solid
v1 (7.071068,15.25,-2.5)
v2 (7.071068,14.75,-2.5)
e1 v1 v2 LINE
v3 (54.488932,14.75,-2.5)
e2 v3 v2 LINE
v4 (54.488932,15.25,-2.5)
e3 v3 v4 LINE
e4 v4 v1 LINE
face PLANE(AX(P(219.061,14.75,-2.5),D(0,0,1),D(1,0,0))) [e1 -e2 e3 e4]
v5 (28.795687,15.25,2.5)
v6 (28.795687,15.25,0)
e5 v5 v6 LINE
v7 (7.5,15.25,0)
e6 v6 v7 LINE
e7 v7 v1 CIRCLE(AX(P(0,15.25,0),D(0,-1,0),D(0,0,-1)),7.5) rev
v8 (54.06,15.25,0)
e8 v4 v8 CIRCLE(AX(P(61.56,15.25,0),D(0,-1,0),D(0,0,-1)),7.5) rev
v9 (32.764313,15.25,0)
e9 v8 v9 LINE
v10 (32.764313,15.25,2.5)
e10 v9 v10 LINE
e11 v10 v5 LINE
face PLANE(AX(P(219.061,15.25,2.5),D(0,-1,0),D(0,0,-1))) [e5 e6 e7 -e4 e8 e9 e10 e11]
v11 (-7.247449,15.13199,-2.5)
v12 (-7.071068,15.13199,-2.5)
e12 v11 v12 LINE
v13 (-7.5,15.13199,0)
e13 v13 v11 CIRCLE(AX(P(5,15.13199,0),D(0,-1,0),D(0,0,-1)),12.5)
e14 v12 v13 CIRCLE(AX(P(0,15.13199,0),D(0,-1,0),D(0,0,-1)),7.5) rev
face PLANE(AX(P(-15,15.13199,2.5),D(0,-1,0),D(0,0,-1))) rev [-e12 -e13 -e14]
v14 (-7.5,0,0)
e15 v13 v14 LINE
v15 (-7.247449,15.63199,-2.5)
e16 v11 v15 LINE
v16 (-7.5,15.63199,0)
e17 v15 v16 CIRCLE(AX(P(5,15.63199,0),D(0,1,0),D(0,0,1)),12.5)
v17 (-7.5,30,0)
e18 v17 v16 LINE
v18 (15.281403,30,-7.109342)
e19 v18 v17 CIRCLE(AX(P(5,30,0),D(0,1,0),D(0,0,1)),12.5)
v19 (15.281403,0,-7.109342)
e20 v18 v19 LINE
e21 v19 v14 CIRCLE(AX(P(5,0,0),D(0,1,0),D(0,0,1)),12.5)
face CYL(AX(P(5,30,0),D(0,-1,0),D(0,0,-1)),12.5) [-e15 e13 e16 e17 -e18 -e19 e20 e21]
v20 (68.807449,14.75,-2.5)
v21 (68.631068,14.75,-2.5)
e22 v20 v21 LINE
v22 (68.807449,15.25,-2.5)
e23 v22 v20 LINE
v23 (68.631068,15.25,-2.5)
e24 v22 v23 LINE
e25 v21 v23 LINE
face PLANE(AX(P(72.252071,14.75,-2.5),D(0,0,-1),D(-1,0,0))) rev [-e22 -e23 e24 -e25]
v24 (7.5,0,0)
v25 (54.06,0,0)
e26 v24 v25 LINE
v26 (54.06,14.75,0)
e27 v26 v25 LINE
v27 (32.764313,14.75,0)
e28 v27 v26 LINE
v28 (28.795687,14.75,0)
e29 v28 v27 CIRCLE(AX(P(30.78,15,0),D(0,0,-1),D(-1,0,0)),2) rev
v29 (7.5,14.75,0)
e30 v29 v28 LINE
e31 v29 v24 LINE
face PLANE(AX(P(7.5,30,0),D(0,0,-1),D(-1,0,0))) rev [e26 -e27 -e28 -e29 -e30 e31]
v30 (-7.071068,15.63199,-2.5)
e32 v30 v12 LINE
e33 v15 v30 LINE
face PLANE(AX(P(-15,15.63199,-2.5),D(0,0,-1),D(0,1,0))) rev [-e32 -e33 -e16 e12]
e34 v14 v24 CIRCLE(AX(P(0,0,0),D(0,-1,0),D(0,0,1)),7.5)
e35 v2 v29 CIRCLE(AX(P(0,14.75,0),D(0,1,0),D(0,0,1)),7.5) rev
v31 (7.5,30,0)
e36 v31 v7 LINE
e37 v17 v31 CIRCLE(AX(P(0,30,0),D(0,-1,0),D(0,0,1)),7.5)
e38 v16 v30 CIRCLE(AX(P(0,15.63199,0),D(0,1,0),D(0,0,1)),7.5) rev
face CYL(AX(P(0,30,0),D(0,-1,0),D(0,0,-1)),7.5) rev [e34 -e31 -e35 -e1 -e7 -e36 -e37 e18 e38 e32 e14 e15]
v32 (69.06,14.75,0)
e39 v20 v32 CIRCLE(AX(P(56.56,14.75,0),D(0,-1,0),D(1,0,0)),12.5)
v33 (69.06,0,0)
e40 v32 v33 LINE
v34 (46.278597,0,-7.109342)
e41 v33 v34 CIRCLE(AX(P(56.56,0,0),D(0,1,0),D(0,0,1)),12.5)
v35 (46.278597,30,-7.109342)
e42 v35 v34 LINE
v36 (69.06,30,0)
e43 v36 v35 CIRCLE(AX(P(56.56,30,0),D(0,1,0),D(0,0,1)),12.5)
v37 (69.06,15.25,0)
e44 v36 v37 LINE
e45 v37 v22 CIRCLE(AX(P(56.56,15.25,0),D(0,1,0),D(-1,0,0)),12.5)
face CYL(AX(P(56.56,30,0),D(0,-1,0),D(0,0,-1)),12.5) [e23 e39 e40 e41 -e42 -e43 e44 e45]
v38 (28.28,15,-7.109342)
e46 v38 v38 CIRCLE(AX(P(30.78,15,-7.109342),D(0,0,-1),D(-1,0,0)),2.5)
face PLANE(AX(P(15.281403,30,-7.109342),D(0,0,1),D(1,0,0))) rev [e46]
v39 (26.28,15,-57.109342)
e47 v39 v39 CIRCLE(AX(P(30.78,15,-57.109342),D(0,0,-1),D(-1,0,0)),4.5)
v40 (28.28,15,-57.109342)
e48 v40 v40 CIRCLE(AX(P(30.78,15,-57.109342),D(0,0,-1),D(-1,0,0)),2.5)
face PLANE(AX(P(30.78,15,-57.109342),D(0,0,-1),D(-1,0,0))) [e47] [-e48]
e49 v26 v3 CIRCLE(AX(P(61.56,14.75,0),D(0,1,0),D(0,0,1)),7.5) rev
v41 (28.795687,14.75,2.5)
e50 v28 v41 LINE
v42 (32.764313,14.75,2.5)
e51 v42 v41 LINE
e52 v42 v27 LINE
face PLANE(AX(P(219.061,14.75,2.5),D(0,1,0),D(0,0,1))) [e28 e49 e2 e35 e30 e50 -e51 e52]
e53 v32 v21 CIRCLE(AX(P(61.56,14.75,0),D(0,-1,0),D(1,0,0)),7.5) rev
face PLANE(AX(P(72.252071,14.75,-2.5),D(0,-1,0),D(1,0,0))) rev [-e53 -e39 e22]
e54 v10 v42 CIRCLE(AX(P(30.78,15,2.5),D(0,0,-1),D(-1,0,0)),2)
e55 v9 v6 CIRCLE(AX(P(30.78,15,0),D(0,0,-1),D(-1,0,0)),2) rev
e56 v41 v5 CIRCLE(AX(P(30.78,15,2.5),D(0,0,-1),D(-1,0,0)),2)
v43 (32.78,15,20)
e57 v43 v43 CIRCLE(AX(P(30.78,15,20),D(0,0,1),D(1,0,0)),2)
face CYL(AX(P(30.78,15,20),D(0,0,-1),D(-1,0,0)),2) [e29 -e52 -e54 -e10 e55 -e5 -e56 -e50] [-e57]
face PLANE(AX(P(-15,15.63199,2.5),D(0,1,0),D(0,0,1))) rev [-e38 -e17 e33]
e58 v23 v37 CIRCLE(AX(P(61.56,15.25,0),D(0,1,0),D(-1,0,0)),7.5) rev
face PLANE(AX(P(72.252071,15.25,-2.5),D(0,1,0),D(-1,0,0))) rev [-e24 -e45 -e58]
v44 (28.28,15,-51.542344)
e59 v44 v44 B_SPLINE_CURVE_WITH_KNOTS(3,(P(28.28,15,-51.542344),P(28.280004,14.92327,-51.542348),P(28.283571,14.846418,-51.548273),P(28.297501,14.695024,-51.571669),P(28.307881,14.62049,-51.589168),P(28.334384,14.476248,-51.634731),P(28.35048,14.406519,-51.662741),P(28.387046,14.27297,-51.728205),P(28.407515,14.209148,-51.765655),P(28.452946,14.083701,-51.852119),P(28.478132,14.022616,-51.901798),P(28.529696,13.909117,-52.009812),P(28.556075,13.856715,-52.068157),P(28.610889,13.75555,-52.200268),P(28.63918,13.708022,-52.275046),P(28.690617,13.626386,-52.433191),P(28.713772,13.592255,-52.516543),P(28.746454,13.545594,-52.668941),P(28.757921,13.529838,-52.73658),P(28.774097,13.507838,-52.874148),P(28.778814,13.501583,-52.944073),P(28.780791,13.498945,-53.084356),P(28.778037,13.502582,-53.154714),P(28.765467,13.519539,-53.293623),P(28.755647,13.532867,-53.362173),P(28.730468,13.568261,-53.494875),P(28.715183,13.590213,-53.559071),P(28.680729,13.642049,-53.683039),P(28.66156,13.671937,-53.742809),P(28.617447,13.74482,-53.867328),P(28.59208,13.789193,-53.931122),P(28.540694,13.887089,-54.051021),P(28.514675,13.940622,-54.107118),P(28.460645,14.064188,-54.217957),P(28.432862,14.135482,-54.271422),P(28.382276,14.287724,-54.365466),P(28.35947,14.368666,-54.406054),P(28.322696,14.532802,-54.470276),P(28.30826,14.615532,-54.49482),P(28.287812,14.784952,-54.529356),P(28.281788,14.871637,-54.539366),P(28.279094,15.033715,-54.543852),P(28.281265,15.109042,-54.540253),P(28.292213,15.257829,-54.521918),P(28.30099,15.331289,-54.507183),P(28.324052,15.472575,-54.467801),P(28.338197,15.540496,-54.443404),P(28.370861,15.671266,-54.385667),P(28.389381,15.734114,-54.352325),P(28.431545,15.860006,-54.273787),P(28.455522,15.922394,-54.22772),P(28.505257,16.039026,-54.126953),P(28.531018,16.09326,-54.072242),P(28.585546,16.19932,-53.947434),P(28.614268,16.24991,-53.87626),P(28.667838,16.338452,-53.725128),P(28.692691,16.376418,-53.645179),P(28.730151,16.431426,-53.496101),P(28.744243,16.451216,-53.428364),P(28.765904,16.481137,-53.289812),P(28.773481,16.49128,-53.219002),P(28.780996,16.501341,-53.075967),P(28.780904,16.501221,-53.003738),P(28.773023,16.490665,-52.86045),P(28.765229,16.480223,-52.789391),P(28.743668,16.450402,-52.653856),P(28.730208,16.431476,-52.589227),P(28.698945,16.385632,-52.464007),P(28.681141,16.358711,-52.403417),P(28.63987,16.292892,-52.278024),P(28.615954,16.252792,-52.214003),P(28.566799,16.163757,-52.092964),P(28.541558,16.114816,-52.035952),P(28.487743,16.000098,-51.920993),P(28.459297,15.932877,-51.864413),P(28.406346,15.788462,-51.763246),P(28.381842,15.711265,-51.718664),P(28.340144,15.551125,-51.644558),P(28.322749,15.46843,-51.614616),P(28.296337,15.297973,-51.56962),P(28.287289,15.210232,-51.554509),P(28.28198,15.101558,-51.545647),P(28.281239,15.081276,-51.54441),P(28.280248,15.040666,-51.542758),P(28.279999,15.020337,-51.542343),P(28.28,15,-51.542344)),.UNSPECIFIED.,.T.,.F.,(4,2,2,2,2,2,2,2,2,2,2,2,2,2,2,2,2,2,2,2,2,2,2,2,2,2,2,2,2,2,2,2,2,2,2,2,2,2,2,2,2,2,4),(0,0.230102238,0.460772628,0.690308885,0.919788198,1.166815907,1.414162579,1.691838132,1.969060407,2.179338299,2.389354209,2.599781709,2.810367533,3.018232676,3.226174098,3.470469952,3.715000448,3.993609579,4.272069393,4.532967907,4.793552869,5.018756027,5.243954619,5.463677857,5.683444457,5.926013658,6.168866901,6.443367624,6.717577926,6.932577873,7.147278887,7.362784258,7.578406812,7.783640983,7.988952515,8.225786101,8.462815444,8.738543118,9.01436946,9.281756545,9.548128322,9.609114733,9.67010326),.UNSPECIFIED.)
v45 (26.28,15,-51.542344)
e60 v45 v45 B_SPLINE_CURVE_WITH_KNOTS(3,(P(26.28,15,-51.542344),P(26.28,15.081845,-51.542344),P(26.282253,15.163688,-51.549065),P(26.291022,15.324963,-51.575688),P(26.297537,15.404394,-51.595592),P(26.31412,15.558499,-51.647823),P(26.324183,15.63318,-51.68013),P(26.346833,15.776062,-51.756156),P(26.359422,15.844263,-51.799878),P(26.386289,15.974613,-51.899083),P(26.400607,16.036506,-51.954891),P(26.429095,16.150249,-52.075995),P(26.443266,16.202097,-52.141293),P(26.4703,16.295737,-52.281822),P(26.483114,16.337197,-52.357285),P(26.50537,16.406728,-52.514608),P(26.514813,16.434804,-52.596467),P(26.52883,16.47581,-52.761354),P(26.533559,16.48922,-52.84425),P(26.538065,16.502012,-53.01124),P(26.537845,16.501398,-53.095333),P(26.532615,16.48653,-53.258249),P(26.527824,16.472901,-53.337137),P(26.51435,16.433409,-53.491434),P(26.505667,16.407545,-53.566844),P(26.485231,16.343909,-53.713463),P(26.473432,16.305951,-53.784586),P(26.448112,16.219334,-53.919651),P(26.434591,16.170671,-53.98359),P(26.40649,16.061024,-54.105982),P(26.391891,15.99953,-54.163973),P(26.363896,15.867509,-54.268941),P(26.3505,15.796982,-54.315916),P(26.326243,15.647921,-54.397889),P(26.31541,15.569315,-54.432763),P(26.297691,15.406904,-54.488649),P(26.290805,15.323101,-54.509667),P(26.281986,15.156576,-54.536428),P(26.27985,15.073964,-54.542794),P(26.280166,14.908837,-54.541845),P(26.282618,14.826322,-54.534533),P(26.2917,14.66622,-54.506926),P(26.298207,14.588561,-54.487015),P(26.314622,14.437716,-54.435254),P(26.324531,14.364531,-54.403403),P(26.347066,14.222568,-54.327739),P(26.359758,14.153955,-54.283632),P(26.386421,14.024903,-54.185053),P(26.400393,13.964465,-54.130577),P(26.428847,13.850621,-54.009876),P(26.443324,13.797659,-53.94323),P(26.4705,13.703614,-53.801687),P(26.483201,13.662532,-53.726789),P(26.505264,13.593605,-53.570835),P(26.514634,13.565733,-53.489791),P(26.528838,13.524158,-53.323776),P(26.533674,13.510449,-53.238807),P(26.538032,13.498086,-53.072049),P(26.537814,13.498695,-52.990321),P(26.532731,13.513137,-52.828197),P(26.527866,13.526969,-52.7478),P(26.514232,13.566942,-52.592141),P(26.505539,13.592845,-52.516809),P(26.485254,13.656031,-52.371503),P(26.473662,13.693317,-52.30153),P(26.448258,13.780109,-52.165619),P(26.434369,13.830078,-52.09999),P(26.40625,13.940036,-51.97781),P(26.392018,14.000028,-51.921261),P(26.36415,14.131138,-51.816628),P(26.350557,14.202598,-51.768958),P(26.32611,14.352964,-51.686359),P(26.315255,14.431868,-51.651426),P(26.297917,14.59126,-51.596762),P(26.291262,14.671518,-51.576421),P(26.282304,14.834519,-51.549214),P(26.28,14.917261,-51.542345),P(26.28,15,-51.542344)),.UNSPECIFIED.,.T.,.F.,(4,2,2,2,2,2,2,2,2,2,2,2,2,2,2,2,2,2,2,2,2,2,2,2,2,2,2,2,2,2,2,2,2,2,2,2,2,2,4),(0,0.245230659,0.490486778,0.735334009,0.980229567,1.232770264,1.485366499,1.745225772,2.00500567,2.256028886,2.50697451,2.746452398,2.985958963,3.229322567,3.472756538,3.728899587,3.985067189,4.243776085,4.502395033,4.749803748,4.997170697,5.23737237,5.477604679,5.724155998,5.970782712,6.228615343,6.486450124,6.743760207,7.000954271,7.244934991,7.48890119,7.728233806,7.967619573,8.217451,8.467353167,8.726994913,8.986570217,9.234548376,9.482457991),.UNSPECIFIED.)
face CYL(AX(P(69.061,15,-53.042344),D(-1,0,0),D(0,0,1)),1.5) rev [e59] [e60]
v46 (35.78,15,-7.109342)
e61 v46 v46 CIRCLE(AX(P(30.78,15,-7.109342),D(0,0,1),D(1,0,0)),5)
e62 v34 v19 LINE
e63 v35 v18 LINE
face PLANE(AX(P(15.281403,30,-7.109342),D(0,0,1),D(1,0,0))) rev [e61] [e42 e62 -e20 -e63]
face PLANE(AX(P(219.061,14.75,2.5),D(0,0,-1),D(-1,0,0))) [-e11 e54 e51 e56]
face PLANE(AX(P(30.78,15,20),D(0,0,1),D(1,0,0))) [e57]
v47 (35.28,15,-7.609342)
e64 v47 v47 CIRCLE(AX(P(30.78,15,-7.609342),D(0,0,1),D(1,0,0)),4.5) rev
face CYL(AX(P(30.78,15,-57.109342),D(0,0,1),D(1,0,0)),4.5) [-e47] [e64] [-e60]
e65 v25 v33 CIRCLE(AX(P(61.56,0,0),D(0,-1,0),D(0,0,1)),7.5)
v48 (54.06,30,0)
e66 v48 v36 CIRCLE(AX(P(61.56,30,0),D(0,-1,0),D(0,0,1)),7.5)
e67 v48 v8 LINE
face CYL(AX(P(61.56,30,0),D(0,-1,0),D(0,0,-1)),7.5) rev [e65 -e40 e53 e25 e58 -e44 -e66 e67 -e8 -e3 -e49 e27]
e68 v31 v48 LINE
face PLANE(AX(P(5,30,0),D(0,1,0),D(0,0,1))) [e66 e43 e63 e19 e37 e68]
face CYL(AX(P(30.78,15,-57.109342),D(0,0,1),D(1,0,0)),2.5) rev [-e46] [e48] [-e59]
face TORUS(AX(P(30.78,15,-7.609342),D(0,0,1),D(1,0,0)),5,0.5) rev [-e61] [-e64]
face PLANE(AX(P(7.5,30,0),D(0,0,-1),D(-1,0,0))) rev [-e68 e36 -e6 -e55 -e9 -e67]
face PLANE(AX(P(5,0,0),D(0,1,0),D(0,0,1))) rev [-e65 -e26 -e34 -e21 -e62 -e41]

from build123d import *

# Parameters (mm, degrees)
BOSS_EXTRUDE1_DEPTH      = 30
SKETCH3_R                = 4.5
SKETCH3_R_2              = 2.5
BOSS_EXTRUDE3_DEPTH      = 50
CUT_EXTRUDE2_REACH       = 71.06
SKETCH7_R                = 1.5
SKETCH8_R                = 2
BOSS_EXTRUDE6_DEPTH      = 20
SKETCH9_W                = 5
SKETCH9_H                = 0.5
CUT_EXTRUDE14_DEPTH      = 15
SKETCH11_W               = 5
SKETCH11_H               = 0.5
CUT_EXTRUDE16_DEPTH      = 1
CUT_EXTRUDE16_DEPTH_BACK = 4
FILLET1_R                = 0.5
SKETCH10_W               = 5
SKETCH10_H               = 0.5
CUT_EXTRUDE15_DEPTH      = 107.779594


with BuildPart() as part:
    # Sketch1 → Boss-Extrude1 (new body)
    with BuildSketch(Plane(origin=(0, 0, 0), x_dir=(1, 0, 0), z_dir=(0, 1, 0))):
        with BuildLine():
            Line((15.281403332, 7.10934213), (46.278596668, 7.10934213))
            ThreePointArc((46.278596668, 7.10934213), (60.283738602, 11.932467089), (69.06, 0))
            ThreePointArc((69.06, 0), (61.56, 7.5), (54.06, 0))
            Line((54.06, 0), (7.5, 0))
            ThreePointArc((7.5, 0), (0, 7.5), (-7.5, 0))
            ThreePointArc((-7.5, 0), (1.276261398, 11.932467089), (15.281403332, 7.10934213))
        make_face()
    extrude(amount=BOSS_EXTRUDE1_DEPTH)

    # Sketch3 → Boss-Extrude3 (add)
    with BuildSketch(Plane(origin=(0, 0, -7.10934213), x_dir=(-1, 0, 0), z_dir=(0, 0, -1))):
        with Locations((-30.78, 15)):
            Circle(SKETCH3_R)
        with Locations((-30.78, 15)):
            Circle(SKETCH3_R_2, mode=Mode.SUBTRACT)
    extrude(amount=BOSS_EXTRUDE3_DEPTH)

    # Sketch7 → Cut-Extrude2 (cut, up to next)
    with BuildSketch(Plane(origin=(0, 0, 0), x_dir=(0, 0, -1), z_dir=(1, 0, 0)), mode=Mode.PRIVATE) as cut_extrude2_sk1:
        with Locations((53.042344304, 15)):
            Circle(SKETCH7_R)
    cut_extrude2_tool1 = extrude(cut_extrude2_sk1.sketch, amount=CUT_EXTRUDE2_REACH, mode=Mode.PRIVATE) & part.part
    add(cut_extrude2_tool1.solids().sort_by_distance((0, 15, -53.042344))[0], mode=Mode.SUBTRACT)

    # Sketch8 → Boss-Extrude6 (add)
    with BuildSketch(Plane.XY):
        with Locations((30.78, 15)):
            Circle(SKETCH8_R)
    extrude(amount=BOSS_EXTRUDE6_DEPTH)

    # Sketch9 → Cut-Extrude14 (cut)
    with BuildSketch(Plane(origin=(0, 0, 0), x_dir=(0, 0, -1), z_dir=(1, 0, 0))):
        with Locations((0, 15.381990369)):
            Rectangle(SKETCH9_W, SKETCH9_H)
    extrude(amount=-CUT_EXTRUDE14_DEPTH, mode=Mode.SUBTRACT)

    # Sketch11 → Cut-Extrude16 (cut, two sides)
    with BuildSketch(Plane(origin=(68.252070678, 0, 0), x_dir=(0, 0, -1), z_dir=(-1, 0, 0))) as cut_extrude16_sk:
        with Locations((0, -15)):
            Rectangle(SKETCH11_W, SKETCH11_H)
    extrude(amount=CUT_EXTRUDE16_DEPTH, mode=Mode.SUBTRACT)
    extrude(cut_extrude16_sk.sketch, amount=-CUT_EXTRUDE16_DEPTH_BACK, mode=Mode.SUBTRACT)

    # Fillet1
    fillet1_edges = [part.edges().sort_by_distance(p)[0] for p in [
        (35.28, 15, -7.10934213),
    ]]
    fillet(fillet1_edges, radius=FILLET1_R)

    # Sketch10 → Cut-Extrude15 (cut)
    with BuildSketch(Plane(origin=(0, 0, 0), x_dir=(0, 0, -1), z_dir=(1, 0, 0))):
        with Locations((0, 15)):
            Rectangle(SKETCH10_W, SKETCH10_H)
    extrude(amount=CUT_EXTRUDE15_DEPTH, mode=Mode.SUBTRACT)


solid = part.part
